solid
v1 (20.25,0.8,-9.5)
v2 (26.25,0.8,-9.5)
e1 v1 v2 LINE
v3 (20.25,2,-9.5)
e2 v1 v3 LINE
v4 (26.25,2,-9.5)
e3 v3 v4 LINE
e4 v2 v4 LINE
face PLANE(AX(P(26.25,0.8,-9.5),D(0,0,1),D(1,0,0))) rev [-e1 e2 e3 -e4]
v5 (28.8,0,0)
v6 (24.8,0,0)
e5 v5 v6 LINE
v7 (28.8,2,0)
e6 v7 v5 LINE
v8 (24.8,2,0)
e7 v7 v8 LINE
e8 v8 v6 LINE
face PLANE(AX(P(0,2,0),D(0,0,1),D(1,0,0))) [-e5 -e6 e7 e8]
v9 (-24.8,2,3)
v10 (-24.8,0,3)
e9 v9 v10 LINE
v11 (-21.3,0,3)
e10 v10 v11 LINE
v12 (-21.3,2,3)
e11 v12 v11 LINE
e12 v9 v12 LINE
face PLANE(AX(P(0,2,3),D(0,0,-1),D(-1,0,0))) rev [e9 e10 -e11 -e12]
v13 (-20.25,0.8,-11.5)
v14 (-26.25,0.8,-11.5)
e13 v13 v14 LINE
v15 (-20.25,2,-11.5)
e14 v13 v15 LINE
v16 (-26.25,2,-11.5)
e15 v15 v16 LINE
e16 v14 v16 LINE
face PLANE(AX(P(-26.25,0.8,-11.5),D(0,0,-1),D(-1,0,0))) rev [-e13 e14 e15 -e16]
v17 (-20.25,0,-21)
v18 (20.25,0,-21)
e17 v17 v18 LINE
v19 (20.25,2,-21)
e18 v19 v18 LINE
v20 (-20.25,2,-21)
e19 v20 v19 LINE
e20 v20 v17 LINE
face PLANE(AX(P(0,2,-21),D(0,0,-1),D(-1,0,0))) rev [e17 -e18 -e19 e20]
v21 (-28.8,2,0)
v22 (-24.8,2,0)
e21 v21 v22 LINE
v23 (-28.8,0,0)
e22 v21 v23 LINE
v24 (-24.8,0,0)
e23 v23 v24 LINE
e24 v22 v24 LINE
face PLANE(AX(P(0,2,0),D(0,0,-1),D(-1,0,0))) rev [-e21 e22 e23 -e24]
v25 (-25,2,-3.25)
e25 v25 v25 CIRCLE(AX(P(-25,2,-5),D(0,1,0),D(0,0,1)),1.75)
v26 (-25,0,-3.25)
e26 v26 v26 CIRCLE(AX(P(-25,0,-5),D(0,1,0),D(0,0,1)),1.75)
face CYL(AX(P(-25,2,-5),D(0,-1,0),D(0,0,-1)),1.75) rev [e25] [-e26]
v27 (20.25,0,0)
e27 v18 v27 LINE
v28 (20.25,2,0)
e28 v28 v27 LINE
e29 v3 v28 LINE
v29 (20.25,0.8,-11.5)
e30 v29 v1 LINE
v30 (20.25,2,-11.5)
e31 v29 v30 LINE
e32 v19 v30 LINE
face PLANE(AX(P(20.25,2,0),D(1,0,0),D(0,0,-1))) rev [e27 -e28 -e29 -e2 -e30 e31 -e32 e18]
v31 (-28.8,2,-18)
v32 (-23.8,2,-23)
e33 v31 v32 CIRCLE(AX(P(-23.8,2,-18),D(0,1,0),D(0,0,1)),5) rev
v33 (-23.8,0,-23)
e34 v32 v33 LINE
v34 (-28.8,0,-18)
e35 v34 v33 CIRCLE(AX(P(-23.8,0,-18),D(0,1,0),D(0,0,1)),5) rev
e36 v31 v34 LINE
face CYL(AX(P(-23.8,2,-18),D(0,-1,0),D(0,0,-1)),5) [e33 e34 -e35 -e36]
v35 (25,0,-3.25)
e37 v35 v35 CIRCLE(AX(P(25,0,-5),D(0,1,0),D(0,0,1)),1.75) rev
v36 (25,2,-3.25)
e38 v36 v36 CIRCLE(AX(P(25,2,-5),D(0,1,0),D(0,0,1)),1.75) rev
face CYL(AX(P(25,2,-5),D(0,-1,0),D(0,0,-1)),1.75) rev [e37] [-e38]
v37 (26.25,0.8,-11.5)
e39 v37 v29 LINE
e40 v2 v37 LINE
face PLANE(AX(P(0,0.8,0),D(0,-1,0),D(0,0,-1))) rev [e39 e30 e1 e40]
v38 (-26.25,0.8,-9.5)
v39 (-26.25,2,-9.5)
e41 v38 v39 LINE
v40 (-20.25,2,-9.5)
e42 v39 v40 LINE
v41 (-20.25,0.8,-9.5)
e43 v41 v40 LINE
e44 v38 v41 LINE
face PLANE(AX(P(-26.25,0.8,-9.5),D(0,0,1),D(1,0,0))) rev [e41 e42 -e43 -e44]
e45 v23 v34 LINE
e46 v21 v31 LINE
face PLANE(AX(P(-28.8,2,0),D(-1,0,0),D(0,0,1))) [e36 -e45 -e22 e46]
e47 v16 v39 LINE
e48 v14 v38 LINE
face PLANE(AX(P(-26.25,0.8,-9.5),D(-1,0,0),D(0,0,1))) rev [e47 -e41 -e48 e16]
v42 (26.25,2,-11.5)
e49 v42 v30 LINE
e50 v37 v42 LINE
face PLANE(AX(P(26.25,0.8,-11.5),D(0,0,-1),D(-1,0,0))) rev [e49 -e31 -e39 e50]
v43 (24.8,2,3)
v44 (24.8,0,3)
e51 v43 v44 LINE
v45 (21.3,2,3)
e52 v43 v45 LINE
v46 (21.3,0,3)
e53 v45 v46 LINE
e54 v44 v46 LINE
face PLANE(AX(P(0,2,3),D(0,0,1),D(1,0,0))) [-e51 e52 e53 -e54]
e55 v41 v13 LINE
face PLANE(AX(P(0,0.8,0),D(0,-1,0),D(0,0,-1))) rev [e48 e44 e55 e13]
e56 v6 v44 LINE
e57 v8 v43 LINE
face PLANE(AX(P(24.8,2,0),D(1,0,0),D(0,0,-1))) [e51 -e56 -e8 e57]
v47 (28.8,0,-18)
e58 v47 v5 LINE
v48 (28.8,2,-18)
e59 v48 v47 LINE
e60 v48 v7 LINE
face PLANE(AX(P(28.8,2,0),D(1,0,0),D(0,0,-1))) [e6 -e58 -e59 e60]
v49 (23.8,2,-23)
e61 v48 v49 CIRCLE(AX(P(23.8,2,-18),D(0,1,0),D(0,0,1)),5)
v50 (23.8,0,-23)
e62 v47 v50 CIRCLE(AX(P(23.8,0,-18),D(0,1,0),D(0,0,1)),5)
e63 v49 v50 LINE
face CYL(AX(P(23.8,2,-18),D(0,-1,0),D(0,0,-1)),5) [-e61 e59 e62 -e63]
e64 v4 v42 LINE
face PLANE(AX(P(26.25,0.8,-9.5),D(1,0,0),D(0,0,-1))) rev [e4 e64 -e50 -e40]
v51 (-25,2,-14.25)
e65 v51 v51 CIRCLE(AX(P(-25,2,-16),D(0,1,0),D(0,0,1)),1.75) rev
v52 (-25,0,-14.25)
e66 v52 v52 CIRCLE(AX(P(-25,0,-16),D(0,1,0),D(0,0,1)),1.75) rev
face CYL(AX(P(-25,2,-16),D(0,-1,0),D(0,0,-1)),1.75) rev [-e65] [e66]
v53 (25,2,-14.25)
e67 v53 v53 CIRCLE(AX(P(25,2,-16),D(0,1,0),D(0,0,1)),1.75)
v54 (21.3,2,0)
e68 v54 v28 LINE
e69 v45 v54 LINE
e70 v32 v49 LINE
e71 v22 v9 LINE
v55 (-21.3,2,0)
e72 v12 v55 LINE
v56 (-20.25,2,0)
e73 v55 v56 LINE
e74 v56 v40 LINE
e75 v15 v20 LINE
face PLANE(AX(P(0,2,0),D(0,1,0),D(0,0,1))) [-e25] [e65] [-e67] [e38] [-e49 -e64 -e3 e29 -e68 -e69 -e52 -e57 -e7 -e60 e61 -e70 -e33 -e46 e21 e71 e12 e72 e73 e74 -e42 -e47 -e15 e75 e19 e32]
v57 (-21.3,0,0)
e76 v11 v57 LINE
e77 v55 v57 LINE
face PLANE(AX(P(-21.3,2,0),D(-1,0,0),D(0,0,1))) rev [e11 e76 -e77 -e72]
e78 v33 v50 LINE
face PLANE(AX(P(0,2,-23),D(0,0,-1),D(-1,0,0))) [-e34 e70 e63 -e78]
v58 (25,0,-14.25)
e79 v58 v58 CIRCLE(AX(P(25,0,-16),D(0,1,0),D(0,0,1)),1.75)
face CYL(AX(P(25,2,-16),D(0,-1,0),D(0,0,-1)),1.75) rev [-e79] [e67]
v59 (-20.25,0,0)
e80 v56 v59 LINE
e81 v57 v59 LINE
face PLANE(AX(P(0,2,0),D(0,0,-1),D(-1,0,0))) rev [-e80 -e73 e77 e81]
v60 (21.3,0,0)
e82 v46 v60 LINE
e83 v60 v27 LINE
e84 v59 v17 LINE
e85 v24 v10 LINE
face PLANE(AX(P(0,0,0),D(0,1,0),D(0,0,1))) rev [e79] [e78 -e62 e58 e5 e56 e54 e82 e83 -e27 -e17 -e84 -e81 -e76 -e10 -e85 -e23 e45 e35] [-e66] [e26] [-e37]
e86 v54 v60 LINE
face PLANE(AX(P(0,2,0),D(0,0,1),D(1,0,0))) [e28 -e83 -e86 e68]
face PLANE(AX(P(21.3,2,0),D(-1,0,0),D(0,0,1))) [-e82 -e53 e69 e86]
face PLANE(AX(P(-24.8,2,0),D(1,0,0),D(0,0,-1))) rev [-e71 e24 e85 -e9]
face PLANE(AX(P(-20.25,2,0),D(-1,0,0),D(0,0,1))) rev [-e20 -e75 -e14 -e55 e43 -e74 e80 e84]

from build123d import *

# Parameters (mm, degrees)
CROQUIS1_R              = 1.75
SALIENTE_EXTRUIR1_DEPTH = 2
CROQUIS2_W              = 6
CROQUIS2_H              = 2
CORTAR_EXTRUIR1_DEPTH   = 1.2


with BuildPart() as part:
    # Croquis1 → Saliente-Extruir1 (new body)
    with BuildSketch(Plane(origin=(0, 0, 0), x_dir=(1, 0, 0), z_dir=(0, 1, 0))):
        with BuildLine():
            Line((-20.25, 0), (-20.25, 21))
            Line((-20.25, 21), (20.25, 21))
            Line((20.25, 21), (20.25, 0))
            Line((20.25, 0), (21.3, 0))
            Line((21.3, 0), (21.3, -3))
            Line((21.3, -3), (24.8, -3))
            Line((24.8, -3), (24.8, 0))
            Line((24.8, 0), (28.8, 0))
            Line((28.8, 0), (28.8, 18))
            ThreePointArc((28.8, 18), (27.335533906, 21.535533906), (23.8, 23))
            Line((23.8, 23), (-23.8, 23))
            ThreePointArc((-23.8, 23), (-27.335533906, 21.535533906), (-28.8, 18))
            Line((-28.8, 18), (-28.8, 0))
            Line((-28.8, 0), (-24.8, 0))
            Line((-24.8, 0), (-24.8, -3))
            Line((-24.8, -3), (-21.3, -3))
            Line((-21.3, -3), (-21.3, 0))
            Line((-21.3, 0), (-20.25, 0))
        make_face()
        with Locations(Location((-25, 5, 0), (0, 0, 270))):
            Circle(CROQUIS1_R, mode=Mode.SUBTRACT)
        with Locations(Location((25, 5, 0), (0, 0, 270))):
            Circle(CROQUIS1_R, mode=Mode.SUBTRACT)
        with Locations(Location((25, 16, 0), (0, 0, 270))):
            Circle(CROQUIS1_R, mode=Mode.SUBTRACT)
        with Locations(Location((-25, 16, 0), (0, 0, 270))):
            Circle(CROQUIS1_R, mode=Mode.SUBTRACT)
    extrude(amount=SALIENTE_EXTRUIR1_DEPTH)

    # Croquis2 → Cortar-Extruir1 (cut)
    with BuildSketch(Plane(origin=(0, 2, 0), x_dir=(1, 0, 0), z_dir=(0, 1, 0))):
        with Locations((-23.25, 10.5)):
            Rectangle(CROQUIS2_W, CROQUIS2_H)
        with Locations((23.25, 10.5)):
            Rectangle(CROQUIS2_W, CROQUIS2_H)
    extrude(amount=-CORTAR_EXTRUIR1_DEPTH, mode=Mode.SUBTRACT)


solid = part.part
